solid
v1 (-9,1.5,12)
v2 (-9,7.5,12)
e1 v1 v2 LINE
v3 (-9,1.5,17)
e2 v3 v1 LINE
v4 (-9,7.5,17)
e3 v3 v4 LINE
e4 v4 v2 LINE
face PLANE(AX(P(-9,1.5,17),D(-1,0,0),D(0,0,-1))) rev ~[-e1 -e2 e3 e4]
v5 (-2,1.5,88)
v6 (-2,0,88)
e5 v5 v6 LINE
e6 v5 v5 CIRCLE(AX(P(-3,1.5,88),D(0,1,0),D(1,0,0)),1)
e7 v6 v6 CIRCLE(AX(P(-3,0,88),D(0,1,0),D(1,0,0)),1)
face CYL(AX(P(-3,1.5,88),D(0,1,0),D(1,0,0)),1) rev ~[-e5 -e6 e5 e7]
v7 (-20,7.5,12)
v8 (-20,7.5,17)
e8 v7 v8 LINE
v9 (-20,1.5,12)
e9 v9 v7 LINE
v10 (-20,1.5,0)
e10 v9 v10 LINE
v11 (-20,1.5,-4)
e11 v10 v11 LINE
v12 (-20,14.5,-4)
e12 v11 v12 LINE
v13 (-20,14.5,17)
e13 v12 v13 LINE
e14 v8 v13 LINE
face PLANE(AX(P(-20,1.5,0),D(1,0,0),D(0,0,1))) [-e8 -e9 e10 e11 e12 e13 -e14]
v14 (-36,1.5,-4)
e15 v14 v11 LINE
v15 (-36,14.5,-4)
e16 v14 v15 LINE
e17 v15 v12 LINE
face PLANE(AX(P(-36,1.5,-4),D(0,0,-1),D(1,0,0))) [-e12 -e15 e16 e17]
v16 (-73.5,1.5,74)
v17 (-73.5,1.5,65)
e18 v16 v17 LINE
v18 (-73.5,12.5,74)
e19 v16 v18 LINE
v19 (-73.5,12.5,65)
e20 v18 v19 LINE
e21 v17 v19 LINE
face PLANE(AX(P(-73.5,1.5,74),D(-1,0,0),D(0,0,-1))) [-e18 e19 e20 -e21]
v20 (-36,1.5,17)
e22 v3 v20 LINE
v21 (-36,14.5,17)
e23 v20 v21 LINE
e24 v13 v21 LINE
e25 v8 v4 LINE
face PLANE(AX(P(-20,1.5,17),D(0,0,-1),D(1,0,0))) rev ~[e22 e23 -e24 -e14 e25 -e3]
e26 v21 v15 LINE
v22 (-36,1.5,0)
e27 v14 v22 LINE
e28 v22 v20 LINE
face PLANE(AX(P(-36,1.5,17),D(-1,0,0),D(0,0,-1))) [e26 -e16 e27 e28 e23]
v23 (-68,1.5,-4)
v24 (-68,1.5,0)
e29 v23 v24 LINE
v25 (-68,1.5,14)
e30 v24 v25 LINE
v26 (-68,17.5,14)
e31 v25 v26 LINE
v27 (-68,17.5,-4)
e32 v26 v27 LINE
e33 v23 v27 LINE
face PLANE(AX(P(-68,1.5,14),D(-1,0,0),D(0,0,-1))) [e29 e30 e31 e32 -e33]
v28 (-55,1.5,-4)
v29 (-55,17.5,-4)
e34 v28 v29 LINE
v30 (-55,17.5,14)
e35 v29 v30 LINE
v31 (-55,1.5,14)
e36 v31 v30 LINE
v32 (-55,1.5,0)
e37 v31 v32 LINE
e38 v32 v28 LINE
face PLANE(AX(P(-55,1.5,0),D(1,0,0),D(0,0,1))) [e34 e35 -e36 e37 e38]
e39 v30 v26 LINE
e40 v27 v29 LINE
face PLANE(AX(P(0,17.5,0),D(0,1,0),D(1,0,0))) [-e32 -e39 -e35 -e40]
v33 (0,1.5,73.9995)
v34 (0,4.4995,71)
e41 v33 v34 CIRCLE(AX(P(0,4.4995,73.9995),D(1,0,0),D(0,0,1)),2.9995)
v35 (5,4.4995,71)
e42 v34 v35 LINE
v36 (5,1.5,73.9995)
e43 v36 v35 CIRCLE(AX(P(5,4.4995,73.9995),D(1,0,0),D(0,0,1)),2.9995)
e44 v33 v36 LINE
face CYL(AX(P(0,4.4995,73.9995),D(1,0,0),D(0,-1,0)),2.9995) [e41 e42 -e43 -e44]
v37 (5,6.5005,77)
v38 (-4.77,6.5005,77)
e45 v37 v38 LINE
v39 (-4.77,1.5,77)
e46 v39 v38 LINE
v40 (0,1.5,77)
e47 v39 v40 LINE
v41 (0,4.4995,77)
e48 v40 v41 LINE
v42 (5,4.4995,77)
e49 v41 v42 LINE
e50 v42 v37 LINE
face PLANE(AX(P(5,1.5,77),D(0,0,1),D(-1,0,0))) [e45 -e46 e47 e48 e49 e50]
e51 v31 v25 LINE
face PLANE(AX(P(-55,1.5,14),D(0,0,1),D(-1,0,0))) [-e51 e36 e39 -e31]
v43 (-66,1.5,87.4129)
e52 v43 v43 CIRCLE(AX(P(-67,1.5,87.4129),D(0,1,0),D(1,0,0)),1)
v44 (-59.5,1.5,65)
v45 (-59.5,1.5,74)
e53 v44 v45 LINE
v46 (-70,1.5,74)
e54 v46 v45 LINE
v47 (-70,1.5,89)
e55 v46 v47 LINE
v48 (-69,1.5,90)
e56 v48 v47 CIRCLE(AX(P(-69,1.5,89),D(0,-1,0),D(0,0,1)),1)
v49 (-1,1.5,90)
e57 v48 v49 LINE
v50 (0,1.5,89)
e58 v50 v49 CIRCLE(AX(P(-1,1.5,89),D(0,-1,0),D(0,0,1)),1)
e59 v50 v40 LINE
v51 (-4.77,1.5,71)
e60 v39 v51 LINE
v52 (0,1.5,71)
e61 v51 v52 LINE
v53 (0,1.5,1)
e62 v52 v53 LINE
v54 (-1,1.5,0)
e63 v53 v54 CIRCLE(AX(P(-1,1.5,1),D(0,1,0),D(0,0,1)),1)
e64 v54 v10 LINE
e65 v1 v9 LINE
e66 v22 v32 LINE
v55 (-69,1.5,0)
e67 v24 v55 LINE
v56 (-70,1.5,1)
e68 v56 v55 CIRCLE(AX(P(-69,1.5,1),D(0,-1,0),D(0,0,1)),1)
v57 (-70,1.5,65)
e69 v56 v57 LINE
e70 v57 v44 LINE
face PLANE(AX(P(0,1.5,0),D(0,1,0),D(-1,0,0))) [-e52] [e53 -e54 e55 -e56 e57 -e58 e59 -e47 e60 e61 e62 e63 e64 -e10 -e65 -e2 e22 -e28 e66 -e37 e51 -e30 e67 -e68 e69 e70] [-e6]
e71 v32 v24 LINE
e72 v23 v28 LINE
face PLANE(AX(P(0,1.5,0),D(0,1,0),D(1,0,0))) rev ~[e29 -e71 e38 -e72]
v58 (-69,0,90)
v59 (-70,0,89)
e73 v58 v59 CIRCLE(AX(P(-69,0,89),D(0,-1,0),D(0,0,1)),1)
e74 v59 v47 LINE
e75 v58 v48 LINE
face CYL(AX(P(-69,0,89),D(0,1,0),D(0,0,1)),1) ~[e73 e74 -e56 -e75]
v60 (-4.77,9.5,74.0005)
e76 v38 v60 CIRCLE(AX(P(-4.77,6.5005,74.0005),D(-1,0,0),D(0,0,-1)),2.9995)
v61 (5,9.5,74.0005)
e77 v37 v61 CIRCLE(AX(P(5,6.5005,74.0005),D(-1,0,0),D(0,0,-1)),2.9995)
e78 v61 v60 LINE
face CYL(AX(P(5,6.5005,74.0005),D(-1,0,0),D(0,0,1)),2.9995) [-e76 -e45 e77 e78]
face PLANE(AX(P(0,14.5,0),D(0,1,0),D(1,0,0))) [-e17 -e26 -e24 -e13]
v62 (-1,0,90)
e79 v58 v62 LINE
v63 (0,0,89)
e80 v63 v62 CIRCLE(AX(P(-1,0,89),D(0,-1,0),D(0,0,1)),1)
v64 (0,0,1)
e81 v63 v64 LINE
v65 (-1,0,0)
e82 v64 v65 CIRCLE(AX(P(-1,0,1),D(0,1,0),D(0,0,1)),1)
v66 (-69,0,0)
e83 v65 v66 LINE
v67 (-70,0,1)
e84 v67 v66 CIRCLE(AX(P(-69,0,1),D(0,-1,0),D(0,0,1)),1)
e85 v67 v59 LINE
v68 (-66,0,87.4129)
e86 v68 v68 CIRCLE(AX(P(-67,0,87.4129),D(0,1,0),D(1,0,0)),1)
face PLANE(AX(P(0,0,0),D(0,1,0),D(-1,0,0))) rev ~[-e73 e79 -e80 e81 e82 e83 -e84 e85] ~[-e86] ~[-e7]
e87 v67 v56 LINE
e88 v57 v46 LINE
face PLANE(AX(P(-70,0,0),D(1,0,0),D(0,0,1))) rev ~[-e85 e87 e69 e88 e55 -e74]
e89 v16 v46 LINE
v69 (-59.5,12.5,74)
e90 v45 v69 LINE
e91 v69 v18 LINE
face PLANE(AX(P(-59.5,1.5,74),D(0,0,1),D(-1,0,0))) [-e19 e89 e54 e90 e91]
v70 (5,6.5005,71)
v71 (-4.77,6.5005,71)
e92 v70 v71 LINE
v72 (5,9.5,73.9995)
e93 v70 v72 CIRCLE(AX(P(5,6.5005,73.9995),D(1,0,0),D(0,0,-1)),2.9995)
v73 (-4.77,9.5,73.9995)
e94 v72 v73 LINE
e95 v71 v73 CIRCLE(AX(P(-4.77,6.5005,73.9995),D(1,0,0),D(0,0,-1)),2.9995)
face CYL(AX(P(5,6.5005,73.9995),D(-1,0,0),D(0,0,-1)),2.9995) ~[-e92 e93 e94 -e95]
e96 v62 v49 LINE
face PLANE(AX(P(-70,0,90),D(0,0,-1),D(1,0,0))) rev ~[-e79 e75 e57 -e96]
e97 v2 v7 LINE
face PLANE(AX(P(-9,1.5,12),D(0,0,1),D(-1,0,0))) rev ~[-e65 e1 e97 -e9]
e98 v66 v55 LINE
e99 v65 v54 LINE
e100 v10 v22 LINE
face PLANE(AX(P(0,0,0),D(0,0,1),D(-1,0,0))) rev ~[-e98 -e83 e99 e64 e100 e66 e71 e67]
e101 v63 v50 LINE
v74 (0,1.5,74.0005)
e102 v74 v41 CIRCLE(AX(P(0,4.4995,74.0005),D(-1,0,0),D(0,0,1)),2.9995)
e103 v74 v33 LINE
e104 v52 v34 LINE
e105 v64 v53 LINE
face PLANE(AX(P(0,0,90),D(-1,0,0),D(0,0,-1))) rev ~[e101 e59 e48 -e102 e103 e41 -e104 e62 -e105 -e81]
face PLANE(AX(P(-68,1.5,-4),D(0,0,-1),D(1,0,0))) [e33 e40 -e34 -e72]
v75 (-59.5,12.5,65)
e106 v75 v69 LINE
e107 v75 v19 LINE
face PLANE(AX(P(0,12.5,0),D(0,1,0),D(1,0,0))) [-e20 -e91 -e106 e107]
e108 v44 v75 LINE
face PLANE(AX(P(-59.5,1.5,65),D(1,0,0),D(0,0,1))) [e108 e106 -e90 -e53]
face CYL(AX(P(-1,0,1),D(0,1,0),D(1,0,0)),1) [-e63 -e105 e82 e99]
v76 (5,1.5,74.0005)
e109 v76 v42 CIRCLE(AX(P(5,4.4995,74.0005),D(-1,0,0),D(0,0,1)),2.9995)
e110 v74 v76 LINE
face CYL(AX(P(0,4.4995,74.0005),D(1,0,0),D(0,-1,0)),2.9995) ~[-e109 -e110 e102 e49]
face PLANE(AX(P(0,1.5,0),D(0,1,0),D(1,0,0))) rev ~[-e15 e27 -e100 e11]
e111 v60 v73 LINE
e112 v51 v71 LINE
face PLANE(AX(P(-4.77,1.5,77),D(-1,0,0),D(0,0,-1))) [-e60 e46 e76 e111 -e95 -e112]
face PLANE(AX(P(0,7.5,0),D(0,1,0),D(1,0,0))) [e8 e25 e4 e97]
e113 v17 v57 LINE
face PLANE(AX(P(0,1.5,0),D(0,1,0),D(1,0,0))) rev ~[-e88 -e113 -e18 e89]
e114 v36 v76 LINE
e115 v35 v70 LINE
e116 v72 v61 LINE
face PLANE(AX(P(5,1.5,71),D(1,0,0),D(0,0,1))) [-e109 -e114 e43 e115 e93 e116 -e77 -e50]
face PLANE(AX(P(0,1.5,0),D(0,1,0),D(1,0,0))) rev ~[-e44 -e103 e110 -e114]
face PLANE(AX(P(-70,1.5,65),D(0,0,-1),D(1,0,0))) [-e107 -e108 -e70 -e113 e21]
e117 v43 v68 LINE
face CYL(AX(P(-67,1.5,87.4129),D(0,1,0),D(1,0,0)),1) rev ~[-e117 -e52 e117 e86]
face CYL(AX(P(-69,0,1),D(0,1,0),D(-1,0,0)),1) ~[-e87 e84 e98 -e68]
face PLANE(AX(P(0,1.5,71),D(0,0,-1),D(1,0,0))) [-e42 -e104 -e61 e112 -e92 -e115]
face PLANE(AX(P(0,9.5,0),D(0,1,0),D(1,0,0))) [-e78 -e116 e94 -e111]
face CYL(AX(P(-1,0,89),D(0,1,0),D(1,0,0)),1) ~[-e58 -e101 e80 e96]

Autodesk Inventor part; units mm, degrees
ref_plane "YZ Plane" through (0, 0, 0) normal (1, 0, 0) x (0, 1, 0)
ref_plane "XZ Plane" through (0, 0, 0) normal (0, 1, 0) x (-1, 0, 0)
ref_plane "XY Plane" through (0, 0, 0) normal (0, 0, 1) x (1, 0, 0)
sketch "Эскиз1" plane through (0, 0, 0) normal (0, 1, 0) x (-1, 0, 0)
  line L0 (0, 0) -> (70, 0)
  line L1 (70, 0) -> (70, 90)
  line L2 (70, 90) -> (0, 90)
  line L3 (0, 90) -> (0, 0)
  dimension "d0" = 70
  dimension "d1" = 90
extrude "Выдавливание1" add sketch "Эскиз1" along normal blind 1.5
fillet "Сопряжение1" radius 1 4 edges at (0, 0.75, 90) (0, 0.75, 0) (-70, 0.75, 90) (-70, 0.75, 0)
sketch "Эскиз2" plane through (0, 1.5, 0) normal (0, 1, 0) x (1, 0, 0)
  line L0 (-59.5, -74) -> (-73.5, -74)
  line L1 (-73.5, -74) -> (-73.5, -65)
  line L2 (-73.5, -65) -> (-59.5, -65)
  line L3 (-59.5, -65) -> (-59.5, -74)
  line L4 (-69, -90) -> (-1, -90) projected
  line L5 (-70, -1) -> (-70, -89) projected
  point P0 (0, 0)
  dimension "d5" = 16
  dimension "d6" = 9
  dimension "d7" = 14
  dimension "d8" = 3.5
extrude "Выдавливание2" add sketch "Эскиз2" along normal blind 11
sketch "Эскиз3" plane through (0, 1.5, 0) normal (0, 1, 0) x (1, 0, 0)
  line L0 (5, -77) -> (-4.77, -77)
  line L1 (-4.77, -77) -> (-4.77, -71)
  line L2 (-4.77, -71) -> (5, -71)
  line L3 (5, -71) -> (5, -77)
  line L4 (-69, -90) -> (-1, -90) projected
  line L5 (0, -89) -> (0, -1) projected
  point P0 (0, 0)
  dimension "d11" = 6
  dimension "d12" = 13
  dimension "d13" = 5
extrude "Выдавливание3" add sketch "Эскиз3" along normal blind 8
fillet "Сопряжение2" radius 3 4 edges at (0.115, 9.5, 71) (0.115, 9.5, 77) (2.5, 1.5, 77) (2.5, 1.5, 71)
sketch "Эскиз4" plane through (0, 1.5, 0) normal (0, 1, 0) x (1, 0, 0)
  line L0 (-20, -17) -> (-36, -17)
  line L1 (-36, -17) -> (-36, 4)
  line L2 (-36, 4) -> (-20, 4)
  line L3 (-20, 4) -> (-20, -17)
  line L4 (-1, 0) -> (-69, 0) projected
  line L5 (0, -71) -> (0, -1) projected
  point P0 (0, 0)
  dimension "d17" = 21
  dimension "d18" = 16
  dimension "d19" = 4
  dimension "d20" = 20
extrude "Выдавливание4" add sketch "Эскиз4" along normal blind 13
sketch "Эскиз5" plane through (0, 1.5, 0) normal (0, 1, 0) x (1, 0, 0)
  line L0 (-55, -14) -> (-68, -14)
  line L1 (-68, -14) -> (-68, 4)
  line L2 (-68, 4) -> (-55, 4)
  line L3 (-55, 4) -> (-55, -14)
  line L4 (-70, -1) -> (-70, -65) projected
  line L5 (-36, 0) -> (-69, 0) projected
  point P0 (0, 0)
  dimension "d27" = 16
  dimension "d23" = 18
  dimension "d24" = 13
  dimension "d25" = 2
  dimension "d26" = 4
extrude "Выдавливание5" add sketch "Эскиз5" along normal blind 16
sketch "Эскиз6" plane through (0, 1.5, 0) normal (0, 1, 0) x (1, 0, 0)
  arc A0 (-1, -90) -> (0, -89) centre (-1, -89) ccw projected
  arc A1 (-70, -89) -> (-69, -90) centre (-69, -89) ccw projected
  circle A2 centre (-67, -87.4129) radius 1
  line L0 (-68, -14) -> (-68, 0) projected
  line L1 (-68, 0) -> (-69, 0) projected
  arc A3 (-69, 0) -> (-70, -1) centre (-69, -1) ccw projected
  line L2 (-70, -1) -> (-70, -65) projected
  line L3 (-70, -65) -> (-59.5, -65) projected
  line L4 (-59.5, -65) -> (-59.5, -74) projected
  line L5 (-59.5, -74) -> (-70, -74) projected
  line L6 (-70, -74) -> (-70, -89) projected
  arc A4 (-70, -89) -> (-69, -90) centre (-69, -89) ccw projected
  line L7 (-69, -90) -> (-1, -90) projected
  arc A5 (-1, -90) -> (0, -89) centre (-1, -89) ccw projected
  line L8 (0, -89) -> (0, -77) projected
  line L9 (0, -77) -> (-4.77, -77) projected
  line L10 (-4.77, -77) -> (-4.77, -71) projected
  line L11 (-4.77, -71) -> (0, -71) projected
  line L12 (0, -71) -> (0, -1) projected
  arc A6 (0, -1) -> (-1, 0) centre (-1, -1) ccw projected
  line L13 (-1, 0) -> (-20, 0) projected
  line L14 (-20, 0) -> (-20, -17) projected
  line L15 (-20, -17) -> (-36, -17) projected
  line L16 (-36, -17) -> (-36, 0) projected
  line L17 (-36, 0) -> (-55, 0) projected
  line L18 (-55, 0) -> (-55, -14) projected
  line L19 (-55, -14) -> (-68, -14) projected
  circle A7 centre (-3, -88) radius 1
  point P0 (0, 0)
  dimension "d29" = 2
  dimension "d30" = 2
  dimension "d31" = 64
  dimension "d32" = 70
  dimension "d33" = 3
extrude "Выдавливание6" cut sketch "Эскиз6" against normal blind 3 contours A2 | A7
sketch "Эскиз7" plane through (0, 1.5, 0) normal (0, 1, 0) x (1, 0, 0)
  line L0 (-36, -17) -> (-20, -17) projected
  line L1 (-20, 0) -> (-20, -17) projected
  line L2 (-20, -17) -> (-9, -17)
  line L3 (-9, -17) -> (-9, -12)
  line L4 (-9, -12) -> (-20, -12)
  line L5 (-20, -12) -> (-20, -17)
  point P0 (0, 0)
  dimension "d36" = 11
  dimension "d37" = 5
extrude "Выдавливание7" add sketch "Эскиз7" along normal blind 6
equation "\"d34\" = d33"
properties part number "Stemboard"
